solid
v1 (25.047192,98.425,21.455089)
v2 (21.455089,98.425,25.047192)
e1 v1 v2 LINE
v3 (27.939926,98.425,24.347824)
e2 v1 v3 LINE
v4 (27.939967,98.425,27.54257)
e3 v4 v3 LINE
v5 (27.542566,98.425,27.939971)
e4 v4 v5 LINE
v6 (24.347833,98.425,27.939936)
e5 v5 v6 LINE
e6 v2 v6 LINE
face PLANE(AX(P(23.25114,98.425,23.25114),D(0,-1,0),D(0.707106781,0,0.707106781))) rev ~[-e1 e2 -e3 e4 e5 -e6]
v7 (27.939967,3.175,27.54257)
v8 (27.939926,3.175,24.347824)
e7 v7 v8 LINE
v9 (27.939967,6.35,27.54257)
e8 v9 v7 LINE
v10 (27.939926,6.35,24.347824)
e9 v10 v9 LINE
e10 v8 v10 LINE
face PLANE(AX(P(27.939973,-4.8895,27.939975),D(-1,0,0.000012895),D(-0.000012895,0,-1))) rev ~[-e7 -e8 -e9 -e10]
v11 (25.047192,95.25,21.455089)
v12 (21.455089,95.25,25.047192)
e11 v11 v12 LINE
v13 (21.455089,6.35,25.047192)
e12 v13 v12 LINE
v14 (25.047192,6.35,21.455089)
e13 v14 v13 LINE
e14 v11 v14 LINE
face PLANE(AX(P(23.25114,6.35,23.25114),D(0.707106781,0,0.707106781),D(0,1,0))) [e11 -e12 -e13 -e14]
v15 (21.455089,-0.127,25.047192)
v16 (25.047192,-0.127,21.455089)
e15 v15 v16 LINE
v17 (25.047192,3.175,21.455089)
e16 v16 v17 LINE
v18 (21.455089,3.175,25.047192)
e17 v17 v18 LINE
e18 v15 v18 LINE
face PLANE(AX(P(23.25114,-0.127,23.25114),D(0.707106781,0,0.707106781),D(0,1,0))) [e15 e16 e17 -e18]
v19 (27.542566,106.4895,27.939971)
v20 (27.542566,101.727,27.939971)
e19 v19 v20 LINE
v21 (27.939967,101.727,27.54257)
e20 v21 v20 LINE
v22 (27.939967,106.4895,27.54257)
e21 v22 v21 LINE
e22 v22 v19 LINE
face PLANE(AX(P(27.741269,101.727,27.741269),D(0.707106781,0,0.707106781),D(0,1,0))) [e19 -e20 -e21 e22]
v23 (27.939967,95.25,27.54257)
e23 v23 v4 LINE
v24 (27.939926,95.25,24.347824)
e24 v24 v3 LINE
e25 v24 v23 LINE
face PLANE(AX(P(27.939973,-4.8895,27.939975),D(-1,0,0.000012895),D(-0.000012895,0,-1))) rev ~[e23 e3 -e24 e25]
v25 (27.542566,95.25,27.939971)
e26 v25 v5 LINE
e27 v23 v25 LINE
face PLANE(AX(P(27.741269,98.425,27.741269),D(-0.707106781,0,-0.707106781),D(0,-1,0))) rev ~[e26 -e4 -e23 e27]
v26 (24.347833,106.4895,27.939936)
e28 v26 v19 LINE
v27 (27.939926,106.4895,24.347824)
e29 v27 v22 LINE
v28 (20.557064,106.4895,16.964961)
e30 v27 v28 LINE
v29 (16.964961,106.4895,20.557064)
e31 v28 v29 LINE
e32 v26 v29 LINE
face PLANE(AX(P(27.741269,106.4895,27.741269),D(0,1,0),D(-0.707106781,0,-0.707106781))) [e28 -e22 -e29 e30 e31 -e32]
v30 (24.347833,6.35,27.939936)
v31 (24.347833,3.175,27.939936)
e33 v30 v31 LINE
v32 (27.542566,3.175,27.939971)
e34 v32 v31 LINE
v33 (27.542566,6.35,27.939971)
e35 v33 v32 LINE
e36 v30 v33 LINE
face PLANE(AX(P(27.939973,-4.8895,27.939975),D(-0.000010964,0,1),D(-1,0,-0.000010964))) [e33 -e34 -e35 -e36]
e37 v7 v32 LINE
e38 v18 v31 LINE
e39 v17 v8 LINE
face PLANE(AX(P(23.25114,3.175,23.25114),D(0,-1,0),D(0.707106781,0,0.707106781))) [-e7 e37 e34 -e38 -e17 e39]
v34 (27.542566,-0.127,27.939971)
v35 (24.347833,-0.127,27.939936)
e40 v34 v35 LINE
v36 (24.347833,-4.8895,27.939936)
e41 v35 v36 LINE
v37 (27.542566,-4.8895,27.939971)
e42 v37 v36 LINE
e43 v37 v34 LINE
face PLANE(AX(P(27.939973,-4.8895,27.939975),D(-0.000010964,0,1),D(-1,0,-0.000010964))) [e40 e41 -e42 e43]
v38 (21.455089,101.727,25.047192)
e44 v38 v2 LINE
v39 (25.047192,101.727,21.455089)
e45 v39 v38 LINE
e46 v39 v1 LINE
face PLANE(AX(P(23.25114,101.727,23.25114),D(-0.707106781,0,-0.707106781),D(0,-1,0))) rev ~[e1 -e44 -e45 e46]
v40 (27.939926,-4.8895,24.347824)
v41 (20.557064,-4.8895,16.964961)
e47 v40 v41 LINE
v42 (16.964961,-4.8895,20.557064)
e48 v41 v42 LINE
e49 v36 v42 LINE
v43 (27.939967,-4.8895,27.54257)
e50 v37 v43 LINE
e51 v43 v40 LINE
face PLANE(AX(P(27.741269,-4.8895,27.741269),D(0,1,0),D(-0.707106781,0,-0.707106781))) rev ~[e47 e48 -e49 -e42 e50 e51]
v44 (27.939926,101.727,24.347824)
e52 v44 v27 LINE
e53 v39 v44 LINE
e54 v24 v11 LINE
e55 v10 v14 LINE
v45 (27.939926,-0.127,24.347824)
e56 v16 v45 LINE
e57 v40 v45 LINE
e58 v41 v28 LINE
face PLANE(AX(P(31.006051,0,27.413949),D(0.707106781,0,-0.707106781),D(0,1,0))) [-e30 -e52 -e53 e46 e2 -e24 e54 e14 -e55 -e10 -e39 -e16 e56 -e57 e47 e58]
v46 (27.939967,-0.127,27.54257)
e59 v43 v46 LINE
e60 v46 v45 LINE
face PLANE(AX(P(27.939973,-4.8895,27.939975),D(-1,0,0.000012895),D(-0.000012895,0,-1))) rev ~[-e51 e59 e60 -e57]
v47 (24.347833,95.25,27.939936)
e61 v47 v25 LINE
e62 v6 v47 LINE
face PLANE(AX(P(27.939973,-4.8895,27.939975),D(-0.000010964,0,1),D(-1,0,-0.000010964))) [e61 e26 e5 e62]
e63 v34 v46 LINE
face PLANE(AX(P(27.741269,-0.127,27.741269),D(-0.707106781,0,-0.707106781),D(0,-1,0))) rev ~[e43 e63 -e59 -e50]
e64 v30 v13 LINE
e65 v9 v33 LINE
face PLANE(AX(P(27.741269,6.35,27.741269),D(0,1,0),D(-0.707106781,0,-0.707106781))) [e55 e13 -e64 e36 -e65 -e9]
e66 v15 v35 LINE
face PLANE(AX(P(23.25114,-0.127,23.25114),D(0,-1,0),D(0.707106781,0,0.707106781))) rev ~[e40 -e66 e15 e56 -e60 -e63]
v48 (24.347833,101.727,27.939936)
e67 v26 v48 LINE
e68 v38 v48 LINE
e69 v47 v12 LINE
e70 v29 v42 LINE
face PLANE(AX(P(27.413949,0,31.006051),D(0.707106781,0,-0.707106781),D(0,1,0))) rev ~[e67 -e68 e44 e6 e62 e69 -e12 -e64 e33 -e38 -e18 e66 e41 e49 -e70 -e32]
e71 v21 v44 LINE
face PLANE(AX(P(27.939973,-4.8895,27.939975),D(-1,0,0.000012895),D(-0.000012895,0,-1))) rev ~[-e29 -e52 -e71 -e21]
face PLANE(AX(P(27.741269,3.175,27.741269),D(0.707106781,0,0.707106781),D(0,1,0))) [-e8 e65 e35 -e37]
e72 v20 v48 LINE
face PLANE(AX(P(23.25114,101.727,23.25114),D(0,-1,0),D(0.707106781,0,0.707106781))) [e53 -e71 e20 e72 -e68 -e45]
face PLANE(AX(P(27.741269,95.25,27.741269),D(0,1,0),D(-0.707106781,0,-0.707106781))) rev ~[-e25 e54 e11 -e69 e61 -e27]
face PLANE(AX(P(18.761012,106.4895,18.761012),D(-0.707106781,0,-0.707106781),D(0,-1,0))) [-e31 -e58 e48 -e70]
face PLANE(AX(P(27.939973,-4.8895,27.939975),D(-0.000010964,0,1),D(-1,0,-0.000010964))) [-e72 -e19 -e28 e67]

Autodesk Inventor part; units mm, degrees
ref_plane "YZ Plane" through (0, 0, 0) normal (1, 0, 0) x (0, 1, 0)
ref_plane "XZ Plane" through (0, 0, 0) normal (0, 1, 0) x (-1, 0, 0)
ref_plane "XY Plane" through (0, 0, 0) normal (0, 0, 1) x (1, 0, 0)
ref_plane "Work Plane1" through (29.21, 0, 29.21) normal (0.7071, 0, -0.7071) x (0, 1, 0)
sketch "Sketch1" plane through (29.21, 0, 29.21) normal (0.7071, 0, -0.7071) x (0, 1, 0)
  line L0 (0, -10.8661) -> (0, -7.5614) construction
  line L1 (-0.127, -8.4271) -> (-0.127, -2.0771)
  line L2 (-0.127, -2.0771) -> (-4.8895, -2.0771)
  line L3 (-4.8895, -2.0771) -> (-4.8895, -14.7771)
  line L4 (-0.127, -8.4271) -> (3.175, -8.4271)
  line L5 (3.175, -8.4271) -> (3.175, -2.0771)
  line L6 (3.175, -2.0771) -> (6.35, -2.0771)
  line L7 (6.35, -2.0771) -> (6.35, -8.4271)
  line L8 (6.35, -8.4271) -> (50.8, -8.4271)
  line L9 (3.175, -0.3592) -> (3.175, -41.4888) construction
  line L10 (0, -8.4271) -> (3.175, -8.4271) construction
  line L11 (-4.8895, -14.7771) -> (50.8, -14.7771)
  line L12 (50.8, -8.4271) -> (50.8, -26.7173) construction
  line L13 (101.6, -10.8661) -> (101.6, -7.5614) construction
  line L14 (101.727, -8.4271) -> (101.727, -2.0771)
  line L15 (101.727, -2.0771) -> (106.4895, -2.0771)
  line L16 (106.4895, -2.0771) -> (106.4895, -14.7771)
  line L17 (101.727, -8.4271) -> (98.425, -8.4271)
  line L18 (98.425, -8.4271) -> (98.425, -2.0771)
  line L19 (98.425, -2.0771) -> (95.25, -2.0771)
  line L20 (95.25, -2.0771) -> (95.25, -8.4271)
  line L21 (95.25, -8.4271) -> (50.8, -8.4271)
  line L22 (98.425, -0.3592) -> (98.425, -41.4888) construction
  line L23 (101.6, -8.4271) -> (98.425, -8.4271) construction
  line L24 (106.4895, -14.7771) -> (50.8, -14.7771)
  point P0 (0, -41.3092)
  dimension "d0" = 0.127
  dimension "d1" = 4.7625
  dimension "d2" = 12.7
  dimension "d3" = 3.175
  dimension "d4" = 6.35
  dimension "d5" = 6.35
  dimension "d6" = 47.625
extrude "Extrusion1" add sketch "Sketch1" along normal mid plane 5.08
sketch "Sketch2" plane through (20.557, -4.8895, 16.9649) normal (0, -1, 0) x (0.7071, 0, -0.7071)
  line L0 (-2.54, 14.4179) -> (38.5896, -26.7117) construction
  line L1 (-43.49, -26.5321) -> (-2.54, 14.4179) construction
  line L2 (-2.54, 12.9811) -> (1.3375, 9.1035)
  line L3 (-2.54, 12.9811) -> (-7.1002, 8.4208)
  line L4 (-7.1002, 8.4208) -> (-7.1002, 14.2653)
  line L5 (-7.1002, 14.2653) -> (1.3375, 14.2653)
  line L6 (1.3375, 14.2653) -> (1.3375, 9.1035)
  point P0 (-2.54, -26.5321)
  dimension "d9" = 1.016
  dimension "d10" = 1.016
  dimension "d11" = 8.4378
  dimension "d12" = 5.1618
extrude "Extrusion2" cut sketch "Sketch2" against normal through all
properties material "ABS, BLACK"
